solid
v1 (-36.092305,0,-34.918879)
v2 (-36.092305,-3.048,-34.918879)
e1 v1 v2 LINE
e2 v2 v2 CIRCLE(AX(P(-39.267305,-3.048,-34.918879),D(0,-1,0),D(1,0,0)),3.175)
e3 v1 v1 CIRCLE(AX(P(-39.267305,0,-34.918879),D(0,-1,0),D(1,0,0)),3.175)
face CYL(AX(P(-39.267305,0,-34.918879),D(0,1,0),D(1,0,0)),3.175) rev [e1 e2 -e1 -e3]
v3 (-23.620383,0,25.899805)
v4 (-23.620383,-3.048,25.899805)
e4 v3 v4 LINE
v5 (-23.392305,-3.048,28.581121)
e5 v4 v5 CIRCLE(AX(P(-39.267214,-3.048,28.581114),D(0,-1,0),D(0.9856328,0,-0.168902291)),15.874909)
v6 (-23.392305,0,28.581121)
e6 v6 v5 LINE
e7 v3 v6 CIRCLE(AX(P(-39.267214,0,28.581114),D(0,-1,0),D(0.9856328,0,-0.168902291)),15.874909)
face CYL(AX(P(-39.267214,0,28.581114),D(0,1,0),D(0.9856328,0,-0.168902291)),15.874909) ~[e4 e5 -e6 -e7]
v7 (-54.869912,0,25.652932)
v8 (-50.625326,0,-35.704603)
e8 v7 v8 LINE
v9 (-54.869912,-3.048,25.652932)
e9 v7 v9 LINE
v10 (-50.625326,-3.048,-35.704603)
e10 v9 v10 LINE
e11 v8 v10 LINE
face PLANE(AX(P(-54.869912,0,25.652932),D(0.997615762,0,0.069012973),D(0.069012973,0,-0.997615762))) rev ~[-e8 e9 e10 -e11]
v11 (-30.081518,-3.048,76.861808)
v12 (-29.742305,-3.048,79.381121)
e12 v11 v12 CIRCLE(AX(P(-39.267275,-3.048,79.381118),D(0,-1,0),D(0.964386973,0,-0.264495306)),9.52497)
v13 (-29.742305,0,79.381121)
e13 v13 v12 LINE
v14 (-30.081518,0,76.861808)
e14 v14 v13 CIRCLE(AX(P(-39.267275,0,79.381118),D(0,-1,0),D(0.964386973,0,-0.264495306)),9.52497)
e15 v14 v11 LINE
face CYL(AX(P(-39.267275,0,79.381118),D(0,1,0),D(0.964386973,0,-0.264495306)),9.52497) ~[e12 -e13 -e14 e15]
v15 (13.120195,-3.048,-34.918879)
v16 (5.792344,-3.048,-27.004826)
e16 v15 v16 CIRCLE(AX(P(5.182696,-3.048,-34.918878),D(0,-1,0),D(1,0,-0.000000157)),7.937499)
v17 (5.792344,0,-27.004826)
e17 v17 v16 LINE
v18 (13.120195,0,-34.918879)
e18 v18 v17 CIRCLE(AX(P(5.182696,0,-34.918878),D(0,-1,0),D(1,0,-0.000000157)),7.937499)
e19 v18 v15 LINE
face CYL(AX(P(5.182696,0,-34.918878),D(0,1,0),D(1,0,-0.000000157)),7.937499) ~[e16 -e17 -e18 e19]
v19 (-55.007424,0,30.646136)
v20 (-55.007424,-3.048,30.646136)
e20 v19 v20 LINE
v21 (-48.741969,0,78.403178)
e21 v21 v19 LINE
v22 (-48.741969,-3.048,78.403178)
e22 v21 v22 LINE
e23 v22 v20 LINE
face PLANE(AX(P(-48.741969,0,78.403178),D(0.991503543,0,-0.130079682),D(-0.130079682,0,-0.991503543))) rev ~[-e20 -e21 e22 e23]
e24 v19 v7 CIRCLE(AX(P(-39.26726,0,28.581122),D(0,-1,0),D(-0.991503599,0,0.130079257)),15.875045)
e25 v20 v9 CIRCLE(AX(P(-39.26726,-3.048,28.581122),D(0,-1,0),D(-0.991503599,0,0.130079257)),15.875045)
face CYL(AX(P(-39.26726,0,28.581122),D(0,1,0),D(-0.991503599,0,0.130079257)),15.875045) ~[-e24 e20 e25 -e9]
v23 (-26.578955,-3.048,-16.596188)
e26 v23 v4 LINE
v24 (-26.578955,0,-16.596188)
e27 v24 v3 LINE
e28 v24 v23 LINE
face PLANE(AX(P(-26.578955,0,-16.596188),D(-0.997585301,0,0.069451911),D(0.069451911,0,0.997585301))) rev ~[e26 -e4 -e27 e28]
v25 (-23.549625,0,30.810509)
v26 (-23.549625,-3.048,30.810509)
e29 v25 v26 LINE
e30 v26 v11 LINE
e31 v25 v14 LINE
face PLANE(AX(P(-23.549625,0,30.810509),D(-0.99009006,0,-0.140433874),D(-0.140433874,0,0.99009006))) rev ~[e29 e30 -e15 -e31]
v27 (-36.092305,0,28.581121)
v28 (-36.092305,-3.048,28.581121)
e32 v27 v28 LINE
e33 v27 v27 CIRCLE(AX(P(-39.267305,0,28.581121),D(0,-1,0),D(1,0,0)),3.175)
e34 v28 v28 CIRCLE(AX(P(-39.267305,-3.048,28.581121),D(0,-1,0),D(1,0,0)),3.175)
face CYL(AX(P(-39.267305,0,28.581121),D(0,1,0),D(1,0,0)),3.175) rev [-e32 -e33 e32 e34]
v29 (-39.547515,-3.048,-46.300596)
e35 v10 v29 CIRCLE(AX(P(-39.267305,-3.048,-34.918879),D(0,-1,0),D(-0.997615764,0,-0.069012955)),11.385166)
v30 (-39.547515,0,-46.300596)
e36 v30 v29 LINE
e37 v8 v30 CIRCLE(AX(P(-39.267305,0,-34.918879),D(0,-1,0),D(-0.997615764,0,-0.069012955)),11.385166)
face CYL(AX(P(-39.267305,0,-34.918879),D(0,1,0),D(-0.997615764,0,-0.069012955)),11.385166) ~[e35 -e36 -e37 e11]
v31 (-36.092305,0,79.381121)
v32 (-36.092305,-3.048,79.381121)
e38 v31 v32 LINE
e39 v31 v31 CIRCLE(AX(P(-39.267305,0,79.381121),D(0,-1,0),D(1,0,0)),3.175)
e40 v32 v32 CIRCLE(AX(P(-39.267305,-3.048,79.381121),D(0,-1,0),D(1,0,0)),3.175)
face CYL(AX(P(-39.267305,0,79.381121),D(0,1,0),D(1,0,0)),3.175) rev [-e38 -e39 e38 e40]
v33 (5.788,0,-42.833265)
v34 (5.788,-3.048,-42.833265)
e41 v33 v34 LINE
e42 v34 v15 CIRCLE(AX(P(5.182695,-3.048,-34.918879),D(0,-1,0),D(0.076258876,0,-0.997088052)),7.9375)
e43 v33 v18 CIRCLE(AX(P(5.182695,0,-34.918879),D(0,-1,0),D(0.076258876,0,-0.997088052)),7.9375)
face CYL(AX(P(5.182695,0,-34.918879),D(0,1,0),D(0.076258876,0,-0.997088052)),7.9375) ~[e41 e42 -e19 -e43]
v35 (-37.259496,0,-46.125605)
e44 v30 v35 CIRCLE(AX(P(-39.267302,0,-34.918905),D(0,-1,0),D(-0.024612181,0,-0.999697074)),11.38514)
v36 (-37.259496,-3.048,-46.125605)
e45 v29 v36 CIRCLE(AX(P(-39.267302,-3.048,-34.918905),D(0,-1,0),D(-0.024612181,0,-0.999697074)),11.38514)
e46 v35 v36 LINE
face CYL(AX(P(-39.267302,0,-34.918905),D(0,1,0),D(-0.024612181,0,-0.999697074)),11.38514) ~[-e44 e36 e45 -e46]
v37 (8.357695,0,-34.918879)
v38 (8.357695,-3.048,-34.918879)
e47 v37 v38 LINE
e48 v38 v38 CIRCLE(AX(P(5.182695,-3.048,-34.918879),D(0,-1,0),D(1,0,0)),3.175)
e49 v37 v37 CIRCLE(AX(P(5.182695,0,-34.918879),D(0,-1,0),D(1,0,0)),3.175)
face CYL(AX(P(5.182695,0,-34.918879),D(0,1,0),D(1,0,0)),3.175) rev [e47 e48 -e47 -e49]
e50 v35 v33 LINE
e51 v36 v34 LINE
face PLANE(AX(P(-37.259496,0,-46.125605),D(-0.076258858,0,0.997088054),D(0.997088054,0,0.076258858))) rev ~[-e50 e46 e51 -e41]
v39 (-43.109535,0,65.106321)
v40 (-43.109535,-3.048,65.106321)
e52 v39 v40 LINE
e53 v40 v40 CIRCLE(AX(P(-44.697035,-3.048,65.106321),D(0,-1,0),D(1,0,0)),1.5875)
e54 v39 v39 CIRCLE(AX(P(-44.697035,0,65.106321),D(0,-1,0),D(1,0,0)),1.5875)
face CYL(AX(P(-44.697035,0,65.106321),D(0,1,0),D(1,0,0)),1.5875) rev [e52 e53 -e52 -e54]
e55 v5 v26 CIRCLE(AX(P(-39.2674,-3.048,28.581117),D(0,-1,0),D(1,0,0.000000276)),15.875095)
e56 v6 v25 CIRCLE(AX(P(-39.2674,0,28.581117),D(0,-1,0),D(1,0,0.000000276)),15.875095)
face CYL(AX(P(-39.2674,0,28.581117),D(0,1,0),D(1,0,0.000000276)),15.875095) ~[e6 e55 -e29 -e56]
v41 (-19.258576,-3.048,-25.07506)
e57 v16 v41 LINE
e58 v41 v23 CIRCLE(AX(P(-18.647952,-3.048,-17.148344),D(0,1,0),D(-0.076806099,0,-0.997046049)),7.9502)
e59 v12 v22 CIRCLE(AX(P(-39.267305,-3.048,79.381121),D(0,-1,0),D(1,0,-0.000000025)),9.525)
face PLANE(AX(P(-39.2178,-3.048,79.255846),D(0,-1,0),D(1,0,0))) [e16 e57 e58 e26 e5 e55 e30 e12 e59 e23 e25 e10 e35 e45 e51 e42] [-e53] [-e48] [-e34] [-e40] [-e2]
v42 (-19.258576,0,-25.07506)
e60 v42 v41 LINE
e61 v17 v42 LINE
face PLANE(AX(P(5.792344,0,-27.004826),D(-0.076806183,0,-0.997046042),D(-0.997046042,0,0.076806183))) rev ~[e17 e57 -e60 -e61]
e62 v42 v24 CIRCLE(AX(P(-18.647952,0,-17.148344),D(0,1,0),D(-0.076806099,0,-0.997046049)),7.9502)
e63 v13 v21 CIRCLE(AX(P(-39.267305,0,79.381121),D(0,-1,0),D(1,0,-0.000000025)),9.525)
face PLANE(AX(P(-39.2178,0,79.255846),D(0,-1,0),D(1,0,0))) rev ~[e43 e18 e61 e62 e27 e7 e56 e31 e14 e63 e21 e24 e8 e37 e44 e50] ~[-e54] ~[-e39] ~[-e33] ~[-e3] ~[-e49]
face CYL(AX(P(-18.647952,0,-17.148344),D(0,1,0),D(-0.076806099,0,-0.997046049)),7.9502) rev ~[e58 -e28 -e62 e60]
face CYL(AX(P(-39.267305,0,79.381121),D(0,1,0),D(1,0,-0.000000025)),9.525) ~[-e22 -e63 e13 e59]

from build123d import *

# Parameters (mm, degrees)
F0_R     = 3.175
F0_R_2   = 1.5875
F1_DEPTH = 3.048


with BuildPart() as f1:
    # F0 (on Front) → F1 (new body)
    with BuildSketch(Plane.XZ):
        with BuildLine():
            ThreePointArc((-30.081518, 76.861808), (-29.827489, 78.110097), (-29.742305, 79.381121))
            ThreePointArc((-29.742305, 79.381121), (-39.756924, 88.893529), (-48.741969, 78.403178))
            ThreePointArc((-48.741969, 78.403178), (-40.051408, 69.88845), (-30.081518, 76.861808))
        make_face()
        with Locations((-39.267305, 79.381121)):
            Circle(F0_R, mode=Mode.SUBTRACT)
        with BuildLine():
            ThreePointArc((-30.081518, 76.861808), (-40.051408, 69.88845), (-48.741969, 78.403178))
            Line((-48.741969, 78.403178), (-55.007424, 30.646136))
            ThreePointArc((-55.007424, 30.646136), (-39.350254, 44.455904), (-23.549625, 30.810509))
            Line((-23.549625, 30.810509), (-30.081518, 76.861808))
        make_face()
        with Locations((-44.697035, 65.106321)):
            Circle(F0_R_2, mode=Mode.SUBTRACT)
        with BuildLine():
            ThreePointArc((-23.549625, 30.810509), (-39.350254, 44.455904), (-55.007424, 30.646136))
            ThreePointArc((-55.007424, 30.646136), (-55.136288, 28.144091), (-54.869912, 25.652932))
            ThreePointArc((-54.869912, 25.652932), (-39.141896, 12.706616), (-23.620383, 25.899805))
            ThreePointArc((-23.620383, 25.899805), (-23.449427, 27.235621), (-23.392305, 28.581121))
            ThreePointArc((-23.392305, 28.581121), (-23.431684, 29.698587), (-23.549625, 30.810509))
        make_face()
        with Locations((-39.267305, 28.581121)):
            Circle(F0_R, mode=Mode.SUBTRACT)
        with BuildLine():
            ThreePointArc((-23.620383, 25.899805), (-39.141896, 12.706616), (-54.869912, 25.652932))
            Line((-54.869912, 25.652932), (-50.625326, -35.704603))
            ThreePointArc((-50.625326, -35.704603), (-39.660401, -23.540501), (-27.882139, -34.918879))
            ThreePointArc((-27.882139, -34.918879), (-30.535717, -42.225135), (-37.259496, -46.125605))
            Line((-37.259496, -46.125605), (5.788, -42.833265))
            ThreePointArc((5.788, -42.833265), (-2.754805, -34.9167), (5.792344, -27.004826))
            Line((5.792344, -27.004826), (-19.258576, -25.07506))
            ThreePointArc((-19.258576, -25.07506), (-24.665648, -22.343825), (-26.578955, -16.596188))
            Line((-26.578955, -16.596188), (-23.620383, 25.899805))
        make_face()
        with BuildLine():
            ThreePointArc((-27.882139, -34.918879), (-39.660401, -23.540501), (-50.625326, -35.704603))
            ThreePointArc((-50.625326, -35.704603), (-47.136922, -43.146341), (-39.547515, -46.300596))
            Line((-39.547515, -46.300596), (-37.259496, -46.125605))
            ThreePointArc((-37.259496, -46.125605), (-30.535717, -42.225135), (-27.882139, -34.918879))
        make_face()
        with Locations((-39.267305, -34.918879)):
            Circle(F0_R, mode=Mode.SUBTRACT)
        with BuildLine():
            Line((-37.259496, -46.125605), (-39.547515, -46.300596))
            ThreePointArc((-39.547515, -46.300596), (-38.399085, -46.270892), (-37.259496, -46.125605))
        make_face()
        with BuildLine():
            ThreePointArc((13.120195, -34.918879), (11.006912, -29.526068), (5.792344, -27.004826))
            ThreePointArc((5.792344, -27.004826), (-2.754805, -34.9167), (5.788, -42.833265))
            ThreePointArc((5.788, -42.833265), (11.005431, -40.313288), (13.120195, -34.918879))
        make_face()
        with Locations((5.182695, -34.918879)):
            Circle(F0_R, mode=Mode.SUBTRACT)
    extrude(amount=F1_DEPTH)


solid = f1.part
